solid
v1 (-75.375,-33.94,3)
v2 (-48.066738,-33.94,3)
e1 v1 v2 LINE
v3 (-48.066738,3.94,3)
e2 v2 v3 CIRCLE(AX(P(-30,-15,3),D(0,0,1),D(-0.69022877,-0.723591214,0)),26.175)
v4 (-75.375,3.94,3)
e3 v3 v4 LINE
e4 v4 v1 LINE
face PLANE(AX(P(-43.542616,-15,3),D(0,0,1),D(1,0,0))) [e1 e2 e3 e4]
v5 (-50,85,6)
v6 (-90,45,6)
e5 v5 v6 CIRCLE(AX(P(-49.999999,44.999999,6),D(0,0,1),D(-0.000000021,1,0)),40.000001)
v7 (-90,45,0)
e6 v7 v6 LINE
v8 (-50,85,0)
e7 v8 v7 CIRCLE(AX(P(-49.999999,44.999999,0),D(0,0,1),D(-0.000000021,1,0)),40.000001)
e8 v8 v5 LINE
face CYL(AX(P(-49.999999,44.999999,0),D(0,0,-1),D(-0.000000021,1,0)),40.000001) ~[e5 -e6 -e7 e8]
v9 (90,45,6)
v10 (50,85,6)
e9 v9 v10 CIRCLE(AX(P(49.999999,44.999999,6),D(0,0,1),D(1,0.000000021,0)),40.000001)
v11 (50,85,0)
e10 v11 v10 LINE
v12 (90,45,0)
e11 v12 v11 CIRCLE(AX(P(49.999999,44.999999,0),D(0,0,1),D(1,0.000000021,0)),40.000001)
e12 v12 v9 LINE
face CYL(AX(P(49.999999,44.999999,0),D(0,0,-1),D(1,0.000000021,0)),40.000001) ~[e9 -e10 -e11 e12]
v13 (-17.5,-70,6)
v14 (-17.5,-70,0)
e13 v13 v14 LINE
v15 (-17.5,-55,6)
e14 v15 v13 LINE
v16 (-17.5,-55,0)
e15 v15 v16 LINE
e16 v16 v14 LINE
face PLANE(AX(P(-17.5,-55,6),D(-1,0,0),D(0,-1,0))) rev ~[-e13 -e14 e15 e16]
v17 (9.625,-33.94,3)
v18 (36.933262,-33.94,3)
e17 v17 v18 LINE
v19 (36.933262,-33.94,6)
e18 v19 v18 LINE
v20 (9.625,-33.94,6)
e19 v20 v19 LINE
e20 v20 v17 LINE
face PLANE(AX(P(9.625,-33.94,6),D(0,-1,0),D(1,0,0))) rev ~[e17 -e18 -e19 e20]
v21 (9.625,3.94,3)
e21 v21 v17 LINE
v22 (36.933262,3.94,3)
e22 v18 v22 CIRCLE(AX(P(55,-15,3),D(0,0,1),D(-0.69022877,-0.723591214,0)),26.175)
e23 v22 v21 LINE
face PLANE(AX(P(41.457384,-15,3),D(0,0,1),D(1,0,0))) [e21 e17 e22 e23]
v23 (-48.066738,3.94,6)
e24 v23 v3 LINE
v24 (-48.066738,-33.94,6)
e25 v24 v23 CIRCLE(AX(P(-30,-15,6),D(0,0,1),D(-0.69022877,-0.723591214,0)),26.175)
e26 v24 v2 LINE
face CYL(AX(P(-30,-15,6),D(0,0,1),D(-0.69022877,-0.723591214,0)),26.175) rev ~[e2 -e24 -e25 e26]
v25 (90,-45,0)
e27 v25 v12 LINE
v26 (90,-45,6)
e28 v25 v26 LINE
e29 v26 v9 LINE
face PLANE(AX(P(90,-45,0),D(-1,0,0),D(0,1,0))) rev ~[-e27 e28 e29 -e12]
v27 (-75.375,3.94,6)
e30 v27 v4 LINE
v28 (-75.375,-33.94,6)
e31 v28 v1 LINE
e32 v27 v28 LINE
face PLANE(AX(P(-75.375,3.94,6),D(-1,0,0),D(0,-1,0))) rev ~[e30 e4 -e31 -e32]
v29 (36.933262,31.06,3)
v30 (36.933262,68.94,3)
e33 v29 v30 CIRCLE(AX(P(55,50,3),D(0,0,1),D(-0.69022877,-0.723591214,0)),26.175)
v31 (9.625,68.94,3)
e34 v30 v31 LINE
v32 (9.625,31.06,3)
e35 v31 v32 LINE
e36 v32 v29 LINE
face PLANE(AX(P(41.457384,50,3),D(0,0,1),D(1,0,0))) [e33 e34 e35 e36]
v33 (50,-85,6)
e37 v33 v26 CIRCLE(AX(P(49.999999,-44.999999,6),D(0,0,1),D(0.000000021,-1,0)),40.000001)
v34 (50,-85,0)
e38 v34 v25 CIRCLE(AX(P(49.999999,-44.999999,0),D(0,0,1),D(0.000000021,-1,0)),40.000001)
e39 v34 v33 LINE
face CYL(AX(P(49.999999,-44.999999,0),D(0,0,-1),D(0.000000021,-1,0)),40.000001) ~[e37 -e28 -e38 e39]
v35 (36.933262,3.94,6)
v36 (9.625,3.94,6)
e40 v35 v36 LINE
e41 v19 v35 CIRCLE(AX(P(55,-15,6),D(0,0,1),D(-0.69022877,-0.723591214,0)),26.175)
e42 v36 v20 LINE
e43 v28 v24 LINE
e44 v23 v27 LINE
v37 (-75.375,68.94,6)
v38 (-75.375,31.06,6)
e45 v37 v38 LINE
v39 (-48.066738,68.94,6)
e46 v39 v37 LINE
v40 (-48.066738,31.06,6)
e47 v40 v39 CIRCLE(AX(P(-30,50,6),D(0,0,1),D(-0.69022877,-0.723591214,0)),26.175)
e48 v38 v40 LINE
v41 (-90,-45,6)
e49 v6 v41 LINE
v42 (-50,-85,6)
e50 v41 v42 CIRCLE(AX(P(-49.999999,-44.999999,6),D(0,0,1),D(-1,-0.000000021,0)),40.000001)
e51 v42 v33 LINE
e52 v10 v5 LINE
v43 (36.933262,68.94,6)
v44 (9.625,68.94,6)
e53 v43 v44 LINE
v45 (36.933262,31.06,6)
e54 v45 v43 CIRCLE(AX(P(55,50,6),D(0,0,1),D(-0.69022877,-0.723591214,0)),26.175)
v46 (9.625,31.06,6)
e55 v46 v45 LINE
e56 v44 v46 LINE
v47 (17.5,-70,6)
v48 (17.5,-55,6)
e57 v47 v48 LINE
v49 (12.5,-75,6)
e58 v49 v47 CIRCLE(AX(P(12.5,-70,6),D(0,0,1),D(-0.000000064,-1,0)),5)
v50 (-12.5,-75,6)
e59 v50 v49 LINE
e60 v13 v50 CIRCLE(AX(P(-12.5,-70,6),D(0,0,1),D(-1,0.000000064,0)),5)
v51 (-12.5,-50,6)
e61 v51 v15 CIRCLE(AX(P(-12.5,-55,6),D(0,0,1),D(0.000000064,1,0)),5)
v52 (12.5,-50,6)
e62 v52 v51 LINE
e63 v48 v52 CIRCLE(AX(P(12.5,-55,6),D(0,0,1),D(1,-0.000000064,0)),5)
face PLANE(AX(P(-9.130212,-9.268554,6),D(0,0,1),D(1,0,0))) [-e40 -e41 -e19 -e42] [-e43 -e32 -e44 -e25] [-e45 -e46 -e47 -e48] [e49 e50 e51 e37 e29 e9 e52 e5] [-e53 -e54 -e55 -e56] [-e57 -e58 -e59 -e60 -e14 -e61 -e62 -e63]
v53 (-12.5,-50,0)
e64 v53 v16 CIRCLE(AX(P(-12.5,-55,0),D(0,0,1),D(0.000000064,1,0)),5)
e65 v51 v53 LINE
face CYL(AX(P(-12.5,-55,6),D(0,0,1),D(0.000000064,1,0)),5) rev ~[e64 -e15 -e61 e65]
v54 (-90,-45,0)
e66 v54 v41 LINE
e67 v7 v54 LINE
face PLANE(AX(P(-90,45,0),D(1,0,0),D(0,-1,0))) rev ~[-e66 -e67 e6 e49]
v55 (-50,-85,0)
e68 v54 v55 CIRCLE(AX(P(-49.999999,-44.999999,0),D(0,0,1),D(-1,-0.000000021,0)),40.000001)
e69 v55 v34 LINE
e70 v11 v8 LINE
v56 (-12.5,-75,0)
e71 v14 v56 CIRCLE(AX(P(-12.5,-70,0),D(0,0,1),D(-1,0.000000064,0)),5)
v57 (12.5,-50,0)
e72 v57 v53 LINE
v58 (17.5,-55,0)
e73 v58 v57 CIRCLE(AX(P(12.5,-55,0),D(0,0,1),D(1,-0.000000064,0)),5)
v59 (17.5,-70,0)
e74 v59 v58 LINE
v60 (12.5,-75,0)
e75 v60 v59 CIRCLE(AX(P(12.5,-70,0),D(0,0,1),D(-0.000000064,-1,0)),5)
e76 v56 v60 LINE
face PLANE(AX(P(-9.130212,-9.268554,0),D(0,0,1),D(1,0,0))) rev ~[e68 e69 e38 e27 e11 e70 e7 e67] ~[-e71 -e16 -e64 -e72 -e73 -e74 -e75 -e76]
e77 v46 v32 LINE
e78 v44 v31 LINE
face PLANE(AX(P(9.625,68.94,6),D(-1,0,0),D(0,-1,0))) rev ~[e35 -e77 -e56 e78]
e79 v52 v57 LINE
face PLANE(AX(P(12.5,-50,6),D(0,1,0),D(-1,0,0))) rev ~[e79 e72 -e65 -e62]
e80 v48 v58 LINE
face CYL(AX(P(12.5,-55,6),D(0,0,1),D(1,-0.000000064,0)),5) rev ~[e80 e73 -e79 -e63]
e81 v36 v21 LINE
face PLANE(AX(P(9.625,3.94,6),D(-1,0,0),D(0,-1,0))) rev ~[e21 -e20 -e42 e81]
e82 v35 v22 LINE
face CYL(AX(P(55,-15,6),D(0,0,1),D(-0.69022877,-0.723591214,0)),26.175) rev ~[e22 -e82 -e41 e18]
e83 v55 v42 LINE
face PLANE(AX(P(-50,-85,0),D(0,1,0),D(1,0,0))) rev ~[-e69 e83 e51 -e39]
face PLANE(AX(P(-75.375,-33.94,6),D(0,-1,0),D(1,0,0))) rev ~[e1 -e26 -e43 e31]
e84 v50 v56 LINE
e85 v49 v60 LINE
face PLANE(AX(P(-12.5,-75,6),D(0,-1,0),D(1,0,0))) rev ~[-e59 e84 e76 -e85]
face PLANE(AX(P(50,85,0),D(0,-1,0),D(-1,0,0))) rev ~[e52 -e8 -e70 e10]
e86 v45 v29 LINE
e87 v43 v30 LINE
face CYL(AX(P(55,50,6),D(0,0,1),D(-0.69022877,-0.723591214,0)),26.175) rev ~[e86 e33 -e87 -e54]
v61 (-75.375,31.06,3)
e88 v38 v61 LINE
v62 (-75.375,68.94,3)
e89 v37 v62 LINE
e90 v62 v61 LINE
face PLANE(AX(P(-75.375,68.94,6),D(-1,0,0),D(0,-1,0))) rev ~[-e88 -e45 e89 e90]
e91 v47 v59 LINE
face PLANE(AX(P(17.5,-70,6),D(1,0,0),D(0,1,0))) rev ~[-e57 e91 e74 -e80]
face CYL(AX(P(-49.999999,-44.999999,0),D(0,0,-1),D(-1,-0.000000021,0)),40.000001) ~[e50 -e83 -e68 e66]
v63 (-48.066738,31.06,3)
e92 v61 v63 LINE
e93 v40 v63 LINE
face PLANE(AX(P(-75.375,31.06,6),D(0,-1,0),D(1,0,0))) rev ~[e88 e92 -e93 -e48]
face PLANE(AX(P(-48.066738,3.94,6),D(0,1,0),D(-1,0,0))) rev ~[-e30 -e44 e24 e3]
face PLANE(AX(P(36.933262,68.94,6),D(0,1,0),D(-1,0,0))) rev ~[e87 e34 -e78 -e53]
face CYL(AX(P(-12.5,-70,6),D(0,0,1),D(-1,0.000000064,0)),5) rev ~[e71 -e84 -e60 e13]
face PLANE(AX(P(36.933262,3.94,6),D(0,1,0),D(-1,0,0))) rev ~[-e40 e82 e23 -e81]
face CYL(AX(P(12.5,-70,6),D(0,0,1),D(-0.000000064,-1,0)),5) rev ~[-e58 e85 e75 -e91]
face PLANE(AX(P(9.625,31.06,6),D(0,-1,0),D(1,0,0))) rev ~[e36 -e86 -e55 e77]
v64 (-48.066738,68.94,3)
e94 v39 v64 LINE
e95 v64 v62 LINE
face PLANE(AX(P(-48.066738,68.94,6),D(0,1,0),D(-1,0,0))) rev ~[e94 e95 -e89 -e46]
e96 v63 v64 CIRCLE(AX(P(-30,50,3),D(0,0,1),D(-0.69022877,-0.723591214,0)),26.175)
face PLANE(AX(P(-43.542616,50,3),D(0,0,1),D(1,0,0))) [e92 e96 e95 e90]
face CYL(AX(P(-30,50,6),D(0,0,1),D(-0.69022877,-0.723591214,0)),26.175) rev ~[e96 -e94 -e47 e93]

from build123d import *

# Parameters (mm, degrees)
F1_DEPTH = 6
F3_DEPTH = 3
F5_DEPTH = 25


with BuildPart() as f1:
    # F0 (on Top) → F1 (new body)
    with BuildSketch(Plane.XY):
        with BuildLine():
            Line((0, 85), (-50, 85))
            ThreePointArc((-50, 85), (-78.284271, 73.284271), (-90, 45))
            Line((-90, 45), (-90, -45))
            ThreePointArc((-90, -45), (-78.284271, -73.284271), (-50, -85))
            Line((-50, -85), (50, -85))
            ThreePointArc((50, -85), (78.284271, -73.284271), (90, -45))
            Line((90, -45), (90, 0))
            Line((90, 0), (0, 0))
            Line((0, 0), (0, 85))
        make_face()
        with BuildLine():
            Line((50, 85), (0, 85))
            Line((0, 85), (0, 0))
            Line((0, 0), (90, 0))
            Line((90, 0), (90, 45))
            ThreePointArc((90, 45), (78.284271, 73.284271), (50, 85))
        make_face()
    extrude(amount=F1_DEPTH)

    # F2 (on face) → F3 (cut)
    with BuildSketch(Plane.XY.offset(6)):
        with BuildLine():
            Line((-75.375, 31.06), (-48.066738, 31.06))
            ThreePointArc((-48.066738, 31.06), (-3.825, 50), (-48.066738, 68.94))
            Line((-48.066738, 68.94), (-75.375, 68.94))
            Line((-75.375, 68.94), (-75.375, 31.06))
        make_face()
        with BuildLine():
            ThreePointArc((-45.939166, 63.94), (-8.825, 50), (-45.939166, 36.06))
            Line((-45.939166, 36.06), (-70.375, 36.06))
            Line((-70.375, 36.06), (-70.375, 63.94))
            Line((-70.375, 63.94), (-45.939166, 63.94))
        make_face(mode=Mode.SUBTRACT)
        with BuildLine():
            Line((9.625, 31.06), (36.933262, 31.06))
            ThreePointArc((36.933262, 31.06), (81.175, 50), (36.933262, 68.94))
            Line((36.933262, 68.94), (9.625, 68.94))
            Line((9.625, 68.94), (9.625, 31.06))
        make_face()
        with BuildLine():
            Line((9.625, -33.94), (36.933262, -33.94))
            ThreePointArc((36.933262, -33.94), (81.175, -15), (36.933262, 3.94))
            Line((36.933262, 3.94), (9.625, 3.94))
            Line((9.625, 3.94), (9.625, -33.94))
        make_face()
        with BuildLine():
            Line((-75.375, -33.94), (-48.066738, -33.94))
            ThreePointArc((-48.066738, -33.94), (-3.825, -15), (-48.066738, 3.94))
            Line((-48.066738, 3.94), (-75.375, 3.94))
            Line((-75.375, 3.94), (-75.375, -33.94))
        make_face()
        with BuildLine():
            Line((-70.375, 36.06), (-45.939166, 36.06))
            ThreePointArc((-45.939166, 36.06), (-8.825, 50), (-45.939166, 63.94))
            Line((-45.939166, 63.94), (-70.375, 63.94))
            Line((-70.375, 63.94), (-70.375, 36.06))
        make_face()
    extrude(amount=-F3_DEPTH, mode=Mode.SUBTRACT)

    # F4 (on face) → F5 (cut)
    with BuildSketch(Plane.XY.offset(6)):
        with BuildLine():
            ThreePointArc((17.5, -55), (16.035534, -51.464466), (12.5, -50))
            Line((12.5, -50), (-12.5, -50))
            ThreePointArc((-12.5, -50), (-16.035534, -51.464466), (-17.5, -55))
            Line((-17.5, -55), (-17.5, -70))
            ThreePointArc((-17.5, -70), (-16.035534, -73.535534), (-12.5, -75))
            Line((-12.5, -75), (12.5, -75))
            ThreePointArc((12.5, -75), (16.035534, -73.535534), (17.5, -70))
            Line((17.5, -70), (17.5, -55))
        make_face()
    extrude(amount=-F5_DEPTH, mode=Mode.SUBTRACT)


solid = f1.part
